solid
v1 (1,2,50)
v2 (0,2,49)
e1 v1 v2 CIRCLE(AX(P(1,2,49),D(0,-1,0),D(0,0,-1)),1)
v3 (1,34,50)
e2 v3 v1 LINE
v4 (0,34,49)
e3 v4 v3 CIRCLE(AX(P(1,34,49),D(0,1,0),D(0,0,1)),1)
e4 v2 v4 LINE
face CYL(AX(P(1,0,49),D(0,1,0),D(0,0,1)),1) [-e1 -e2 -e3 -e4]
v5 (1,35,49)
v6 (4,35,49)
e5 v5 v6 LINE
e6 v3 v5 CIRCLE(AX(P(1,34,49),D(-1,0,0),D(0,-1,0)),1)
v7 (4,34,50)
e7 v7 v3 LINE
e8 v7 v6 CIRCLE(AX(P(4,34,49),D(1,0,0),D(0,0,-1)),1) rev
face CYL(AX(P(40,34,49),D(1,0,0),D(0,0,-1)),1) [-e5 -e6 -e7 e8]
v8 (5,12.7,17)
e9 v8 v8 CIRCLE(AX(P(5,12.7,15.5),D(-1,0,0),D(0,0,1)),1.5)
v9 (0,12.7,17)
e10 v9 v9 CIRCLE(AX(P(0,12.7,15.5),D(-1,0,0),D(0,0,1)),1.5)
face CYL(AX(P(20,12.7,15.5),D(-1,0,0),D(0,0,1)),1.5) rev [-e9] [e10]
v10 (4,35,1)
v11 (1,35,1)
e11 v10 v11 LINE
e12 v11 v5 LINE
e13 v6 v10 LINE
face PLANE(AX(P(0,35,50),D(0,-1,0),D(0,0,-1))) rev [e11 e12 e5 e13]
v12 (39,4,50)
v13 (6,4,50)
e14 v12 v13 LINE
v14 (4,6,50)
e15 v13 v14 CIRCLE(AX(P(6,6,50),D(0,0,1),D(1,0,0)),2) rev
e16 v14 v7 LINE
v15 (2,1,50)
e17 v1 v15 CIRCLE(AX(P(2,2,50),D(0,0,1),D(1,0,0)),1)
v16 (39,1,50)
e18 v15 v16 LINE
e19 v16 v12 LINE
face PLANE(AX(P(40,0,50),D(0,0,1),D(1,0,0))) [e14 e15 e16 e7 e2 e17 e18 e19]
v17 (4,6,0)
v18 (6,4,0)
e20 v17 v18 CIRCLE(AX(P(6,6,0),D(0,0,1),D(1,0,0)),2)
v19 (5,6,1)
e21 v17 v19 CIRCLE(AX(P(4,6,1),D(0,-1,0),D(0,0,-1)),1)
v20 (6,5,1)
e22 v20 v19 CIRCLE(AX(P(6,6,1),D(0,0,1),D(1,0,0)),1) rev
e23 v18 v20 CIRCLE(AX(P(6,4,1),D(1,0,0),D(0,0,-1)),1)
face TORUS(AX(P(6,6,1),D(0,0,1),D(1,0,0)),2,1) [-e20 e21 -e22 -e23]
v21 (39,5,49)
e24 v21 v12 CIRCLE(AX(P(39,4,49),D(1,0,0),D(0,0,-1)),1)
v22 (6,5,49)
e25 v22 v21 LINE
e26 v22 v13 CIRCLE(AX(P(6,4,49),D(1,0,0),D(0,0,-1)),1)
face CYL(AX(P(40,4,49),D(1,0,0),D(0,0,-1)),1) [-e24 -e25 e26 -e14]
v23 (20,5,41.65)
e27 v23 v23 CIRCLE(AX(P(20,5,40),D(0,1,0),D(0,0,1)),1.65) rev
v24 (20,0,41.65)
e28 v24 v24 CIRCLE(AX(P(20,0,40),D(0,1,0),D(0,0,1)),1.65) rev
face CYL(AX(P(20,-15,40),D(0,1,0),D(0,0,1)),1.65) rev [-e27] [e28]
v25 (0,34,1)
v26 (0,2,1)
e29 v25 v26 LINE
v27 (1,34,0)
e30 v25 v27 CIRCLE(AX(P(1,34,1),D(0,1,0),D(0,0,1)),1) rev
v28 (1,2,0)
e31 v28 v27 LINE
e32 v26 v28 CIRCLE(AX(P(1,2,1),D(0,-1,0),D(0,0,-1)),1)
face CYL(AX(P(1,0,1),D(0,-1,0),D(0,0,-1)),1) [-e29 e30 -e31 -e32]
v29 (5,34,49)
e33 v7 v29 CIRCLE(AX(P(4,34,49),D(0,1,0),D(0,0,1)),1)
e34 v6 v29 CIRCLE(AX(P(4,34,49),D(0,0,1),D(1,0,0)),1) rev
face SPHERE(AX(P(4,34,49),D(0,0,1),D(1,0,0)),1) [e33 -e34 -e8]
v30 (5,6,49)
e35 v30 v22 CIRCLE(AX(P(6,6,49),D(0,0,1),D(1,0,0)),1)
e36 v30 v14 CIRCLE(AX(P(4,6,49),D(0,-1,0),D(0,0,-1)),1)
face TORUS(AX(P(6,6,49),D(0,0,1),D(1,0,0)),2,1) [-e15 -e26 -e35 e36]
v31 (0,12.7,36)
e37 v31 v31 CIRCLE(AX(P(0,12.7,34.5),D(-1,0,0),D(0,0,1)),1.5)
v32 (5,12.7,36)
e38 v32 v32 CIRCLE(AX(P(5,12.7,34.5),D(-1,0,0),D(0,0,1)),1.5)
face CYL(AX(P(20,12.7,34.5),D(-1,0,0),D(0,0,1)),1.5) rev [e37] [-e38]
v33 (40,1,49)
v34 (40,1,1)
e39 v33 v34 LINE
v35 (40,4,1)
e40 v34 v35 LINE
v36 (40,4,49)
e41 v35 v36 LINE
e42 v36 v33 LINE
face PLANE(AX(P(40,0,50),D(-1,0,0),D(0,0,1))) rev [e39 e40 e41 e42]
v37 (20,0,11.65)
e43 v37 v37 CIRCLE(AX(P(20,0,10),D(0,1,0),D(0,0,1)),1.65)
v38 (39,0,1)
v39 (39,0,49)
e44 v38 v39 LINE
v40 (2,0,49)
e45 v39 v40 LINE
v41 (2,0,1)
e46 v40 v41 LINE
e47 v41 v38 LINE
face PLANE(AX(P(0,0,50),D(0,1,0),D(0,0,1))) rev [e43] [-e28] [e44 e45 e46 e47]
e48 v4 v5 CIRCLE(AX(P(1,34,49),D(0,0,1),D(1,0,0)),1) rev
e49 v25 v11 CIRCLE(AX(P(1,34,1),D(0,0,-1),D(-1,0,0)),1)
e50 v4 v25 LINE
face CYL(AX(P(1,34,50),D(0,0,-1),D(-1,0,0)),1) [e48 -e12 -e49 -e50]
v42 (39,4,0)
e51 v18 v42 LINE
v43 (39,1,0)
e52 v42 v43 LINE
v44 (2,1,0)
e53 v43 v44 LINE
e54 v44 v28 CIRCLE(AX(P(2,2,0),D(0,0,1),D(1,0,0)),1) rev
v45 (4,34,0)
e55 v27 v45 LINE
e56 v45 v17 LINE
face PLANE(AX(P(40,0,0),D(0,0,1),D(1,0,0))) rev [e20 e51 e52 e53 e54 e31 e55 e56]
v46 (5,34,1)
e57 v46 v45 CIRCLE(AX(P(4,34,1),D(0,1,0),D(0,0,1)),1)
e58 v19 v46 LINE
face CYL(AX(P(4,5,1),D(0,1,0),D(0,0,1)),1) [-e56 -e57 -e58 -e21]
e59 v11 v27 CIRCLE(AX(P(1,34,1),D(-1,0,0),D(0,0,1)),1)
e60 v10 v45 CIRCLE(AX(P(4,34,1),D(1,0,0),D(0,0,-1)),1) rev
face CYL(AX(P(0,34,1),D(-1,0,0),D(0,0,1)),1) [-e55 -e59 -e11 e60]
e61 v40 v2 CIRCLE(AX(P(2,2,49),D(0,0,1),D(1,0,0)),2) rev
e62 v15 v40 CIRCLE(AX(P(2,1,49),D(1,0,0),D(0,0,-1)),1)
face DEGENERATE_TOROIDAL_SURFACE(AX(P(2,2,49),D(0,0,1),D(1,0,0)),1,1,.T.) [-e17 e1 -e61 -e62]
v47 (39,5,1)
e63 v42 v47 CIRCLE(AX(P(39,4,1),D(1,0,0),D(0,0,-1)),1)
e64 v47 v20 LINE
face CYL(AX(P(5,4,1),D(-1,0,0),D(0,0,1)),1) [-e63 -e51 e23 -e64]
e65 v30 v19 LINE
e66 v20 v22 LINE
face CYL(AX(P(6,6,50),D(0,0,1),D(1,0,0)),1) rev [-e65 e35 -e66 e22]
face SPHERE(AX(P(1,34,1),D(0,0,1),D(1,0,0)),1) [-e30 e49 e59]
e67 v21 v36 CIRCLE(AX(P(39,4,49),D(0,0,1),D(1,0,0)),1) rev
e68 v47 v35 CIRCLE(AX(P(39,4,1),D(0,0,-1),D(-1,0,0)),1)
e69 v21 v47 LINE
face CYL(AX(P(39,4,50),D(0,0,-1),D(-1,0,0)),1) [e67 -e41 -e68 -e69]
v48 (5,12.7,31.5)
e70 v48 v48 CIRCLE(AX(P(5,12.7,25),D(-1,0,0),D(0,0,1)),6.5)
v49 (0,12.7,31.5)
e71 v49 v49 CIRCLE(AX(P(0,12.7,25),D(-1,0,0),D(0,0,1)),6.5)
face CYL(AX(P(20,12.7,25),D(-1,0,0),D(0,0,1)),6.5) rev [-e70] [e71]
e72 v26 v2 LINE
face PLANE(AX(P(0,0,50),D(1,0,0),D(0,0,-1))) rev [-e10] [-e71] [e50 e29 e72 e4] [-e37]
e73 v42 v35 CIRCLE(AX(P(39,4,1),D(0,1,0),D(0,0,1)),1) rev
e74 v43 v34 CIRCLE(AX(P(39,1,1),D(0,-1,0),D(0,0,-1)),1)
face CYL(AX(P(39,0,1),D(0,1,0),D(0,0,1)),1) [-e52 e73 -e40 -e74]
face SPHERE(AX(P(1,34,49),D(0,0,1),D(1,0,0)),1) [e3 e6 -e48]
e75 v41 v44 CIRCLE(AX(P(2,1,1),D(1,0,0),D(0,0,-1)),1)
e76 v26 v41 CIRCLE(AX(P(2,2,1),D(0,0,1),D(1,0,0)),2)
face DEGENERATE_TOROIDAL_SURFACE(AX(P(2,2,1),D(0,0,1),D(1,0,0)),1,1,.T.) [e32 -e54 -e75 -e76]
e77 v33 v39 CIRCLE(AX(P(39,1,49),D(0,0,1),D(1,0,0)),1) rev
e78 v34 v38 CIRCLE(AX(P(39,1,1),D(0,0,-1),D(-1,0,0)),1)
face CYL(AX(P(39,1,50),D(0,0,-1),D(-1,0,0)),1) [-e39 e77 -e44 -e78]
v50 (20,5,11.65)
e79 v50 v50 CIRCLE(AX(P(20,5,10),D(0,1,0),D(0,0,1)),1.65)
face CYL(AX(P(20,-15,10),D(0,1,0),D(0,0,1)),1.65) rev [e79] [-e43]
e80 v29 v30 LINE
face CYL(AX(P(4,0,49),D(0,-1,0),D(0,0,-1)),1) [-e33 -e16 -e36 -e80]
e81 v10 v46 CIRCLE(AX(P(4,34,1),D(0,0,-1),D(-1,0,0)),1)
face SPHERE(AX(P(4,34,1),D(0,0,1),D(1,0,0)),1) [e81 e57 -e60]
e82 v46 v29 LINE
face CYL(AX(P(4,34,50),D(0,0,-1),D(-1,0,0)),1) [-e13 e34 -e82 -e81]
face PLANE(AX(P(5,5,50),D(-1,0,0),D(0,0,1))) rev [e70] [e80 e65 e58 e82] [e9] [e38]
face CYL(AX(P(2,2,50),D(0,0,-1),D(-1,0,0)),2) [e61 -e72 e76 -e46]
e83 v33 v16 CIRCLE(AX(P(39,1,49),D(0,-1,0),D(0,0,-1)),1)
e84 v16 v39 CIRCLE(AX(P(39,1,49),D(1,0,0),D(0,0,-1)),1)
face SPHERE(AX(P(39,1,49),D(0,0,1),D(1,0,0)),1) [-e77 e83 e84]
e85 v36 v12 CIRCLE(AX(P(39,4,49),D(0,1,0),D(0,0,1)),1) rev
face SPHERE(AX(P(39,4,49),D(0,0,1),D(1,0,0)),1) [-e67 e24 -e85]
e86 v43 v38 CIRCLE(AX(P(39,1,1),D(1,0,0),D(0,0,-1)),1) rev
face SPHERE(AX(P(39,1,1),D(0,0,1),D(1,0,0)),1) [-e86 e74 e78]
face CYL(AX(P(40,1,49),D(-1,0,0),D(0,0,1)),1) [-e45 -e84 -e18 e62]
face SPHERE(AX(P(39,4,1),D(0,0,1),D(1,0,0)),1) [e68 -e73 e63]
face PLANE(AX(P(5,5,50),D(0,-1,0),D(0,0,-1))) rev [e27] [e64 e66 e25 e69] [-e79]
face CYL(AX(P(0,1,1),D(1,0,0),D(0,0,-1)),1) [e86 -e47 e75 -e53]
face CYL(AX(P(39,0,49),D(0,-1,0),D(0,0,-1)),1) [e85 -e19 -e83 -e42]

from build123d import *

# Parameters (mm, degrees)
BOSS_EXTRUDE1_DEPTH = 50
FILLET1_R           = 2
SKETCH2_R           = 6.5
SKETCH2_R_2         = 1.5
CUT_EXTRUDE1_DEPTH  = 20
SKETCH3_R           = 1.65
CUT_EXTRUDE2_DEPTH  = 20
FILLET2_R           = 1
FILLET3_R           = 1


with BuildPart() as part:
    # Sketch1 → Boss-Extrude1 (new body)
    with BuildSketch(Plane.XY):
        Polygon((0, 0), (0, 35), (5, 35), (5, 5), (40, 5), (40, 0), align=None)
    extrude(amount=BOSS_EXTRUDE1_DEPTH)

    # Fillet1
    fillet1_edges = [part.edges().sort_by_distance(p)[0] for p in [
        (0, 0, 25),
    ]]
    fillet(fillet1_edges, radius=FILLET1_R)

    # Sketch2 → Cut-Extrude1 (cut)
    with BuildSketch(Plane.ZY):
        with Locations((25, 12.7)):
            Circle(SKETCH2_R)
        with Locations((15.5, 12.7)):
            Circle(SKETCH2_R_2)
        with Locations((34.5, 12.7)):
            Circle(SKETCH2_R_2)
    extrude(amount=-CUT_EXTRUDE1_DEPTH, mode=Mode.SUBTRACT)

    # Sketch3 → Cut-Extrude2 (cut)
    with BuildSketch(Plane(origin=(0, 5, 0), x_dir=(1, 0, 0), z_dir=(0, 1, 0))):
        with Locations((20, -10)):
            Circle(SKETCH3_R)
        with Locations((20, -40)):
            Circle(SKETCH3_R)
    extrude(amount=-CUT_EXTRUDE2_DEPTH, mode=Mode.SUBTRACT)

    # Fillet2
    fillet2_edges = [part.edges().sort_by_distance(p)[0] for p in [
        (5, 5, 25),
    ]]
    fillet(fillet2_edges, radius=FILLET2_R)

    # Fillet3
    fillet3_edges = [part.edges().sort_by_distance(p)[0] for p in [
        (23, 5, 50),
        (0, 35, 25),
        (5, 35, 25),
        (40, 5, 25),
        (40, 0, 25),
        (2.5, 35, 50),
        (21, 0, 0),
        (21, 0, 50),
        (0, 18.5, 50),
        (0.585786438, 0.585786438, 0),
        (0.585786438, 0.585786438, 50),
        (5, 20.5, 0),
        (5, 20.5, 50),
        (5.292893219, 5.292893219, 0),
        (5.292893219, 5.292893219, 50),
        (0, 18.5, 0),
        (2.5, 35, 0),
        (40, 2.5, 50),
        (23, 5, 0),
        (40, 2.5, 0),
    ]]
    fillet(fillet3_edges, radius=FILLET3_R)


solid = part.part
